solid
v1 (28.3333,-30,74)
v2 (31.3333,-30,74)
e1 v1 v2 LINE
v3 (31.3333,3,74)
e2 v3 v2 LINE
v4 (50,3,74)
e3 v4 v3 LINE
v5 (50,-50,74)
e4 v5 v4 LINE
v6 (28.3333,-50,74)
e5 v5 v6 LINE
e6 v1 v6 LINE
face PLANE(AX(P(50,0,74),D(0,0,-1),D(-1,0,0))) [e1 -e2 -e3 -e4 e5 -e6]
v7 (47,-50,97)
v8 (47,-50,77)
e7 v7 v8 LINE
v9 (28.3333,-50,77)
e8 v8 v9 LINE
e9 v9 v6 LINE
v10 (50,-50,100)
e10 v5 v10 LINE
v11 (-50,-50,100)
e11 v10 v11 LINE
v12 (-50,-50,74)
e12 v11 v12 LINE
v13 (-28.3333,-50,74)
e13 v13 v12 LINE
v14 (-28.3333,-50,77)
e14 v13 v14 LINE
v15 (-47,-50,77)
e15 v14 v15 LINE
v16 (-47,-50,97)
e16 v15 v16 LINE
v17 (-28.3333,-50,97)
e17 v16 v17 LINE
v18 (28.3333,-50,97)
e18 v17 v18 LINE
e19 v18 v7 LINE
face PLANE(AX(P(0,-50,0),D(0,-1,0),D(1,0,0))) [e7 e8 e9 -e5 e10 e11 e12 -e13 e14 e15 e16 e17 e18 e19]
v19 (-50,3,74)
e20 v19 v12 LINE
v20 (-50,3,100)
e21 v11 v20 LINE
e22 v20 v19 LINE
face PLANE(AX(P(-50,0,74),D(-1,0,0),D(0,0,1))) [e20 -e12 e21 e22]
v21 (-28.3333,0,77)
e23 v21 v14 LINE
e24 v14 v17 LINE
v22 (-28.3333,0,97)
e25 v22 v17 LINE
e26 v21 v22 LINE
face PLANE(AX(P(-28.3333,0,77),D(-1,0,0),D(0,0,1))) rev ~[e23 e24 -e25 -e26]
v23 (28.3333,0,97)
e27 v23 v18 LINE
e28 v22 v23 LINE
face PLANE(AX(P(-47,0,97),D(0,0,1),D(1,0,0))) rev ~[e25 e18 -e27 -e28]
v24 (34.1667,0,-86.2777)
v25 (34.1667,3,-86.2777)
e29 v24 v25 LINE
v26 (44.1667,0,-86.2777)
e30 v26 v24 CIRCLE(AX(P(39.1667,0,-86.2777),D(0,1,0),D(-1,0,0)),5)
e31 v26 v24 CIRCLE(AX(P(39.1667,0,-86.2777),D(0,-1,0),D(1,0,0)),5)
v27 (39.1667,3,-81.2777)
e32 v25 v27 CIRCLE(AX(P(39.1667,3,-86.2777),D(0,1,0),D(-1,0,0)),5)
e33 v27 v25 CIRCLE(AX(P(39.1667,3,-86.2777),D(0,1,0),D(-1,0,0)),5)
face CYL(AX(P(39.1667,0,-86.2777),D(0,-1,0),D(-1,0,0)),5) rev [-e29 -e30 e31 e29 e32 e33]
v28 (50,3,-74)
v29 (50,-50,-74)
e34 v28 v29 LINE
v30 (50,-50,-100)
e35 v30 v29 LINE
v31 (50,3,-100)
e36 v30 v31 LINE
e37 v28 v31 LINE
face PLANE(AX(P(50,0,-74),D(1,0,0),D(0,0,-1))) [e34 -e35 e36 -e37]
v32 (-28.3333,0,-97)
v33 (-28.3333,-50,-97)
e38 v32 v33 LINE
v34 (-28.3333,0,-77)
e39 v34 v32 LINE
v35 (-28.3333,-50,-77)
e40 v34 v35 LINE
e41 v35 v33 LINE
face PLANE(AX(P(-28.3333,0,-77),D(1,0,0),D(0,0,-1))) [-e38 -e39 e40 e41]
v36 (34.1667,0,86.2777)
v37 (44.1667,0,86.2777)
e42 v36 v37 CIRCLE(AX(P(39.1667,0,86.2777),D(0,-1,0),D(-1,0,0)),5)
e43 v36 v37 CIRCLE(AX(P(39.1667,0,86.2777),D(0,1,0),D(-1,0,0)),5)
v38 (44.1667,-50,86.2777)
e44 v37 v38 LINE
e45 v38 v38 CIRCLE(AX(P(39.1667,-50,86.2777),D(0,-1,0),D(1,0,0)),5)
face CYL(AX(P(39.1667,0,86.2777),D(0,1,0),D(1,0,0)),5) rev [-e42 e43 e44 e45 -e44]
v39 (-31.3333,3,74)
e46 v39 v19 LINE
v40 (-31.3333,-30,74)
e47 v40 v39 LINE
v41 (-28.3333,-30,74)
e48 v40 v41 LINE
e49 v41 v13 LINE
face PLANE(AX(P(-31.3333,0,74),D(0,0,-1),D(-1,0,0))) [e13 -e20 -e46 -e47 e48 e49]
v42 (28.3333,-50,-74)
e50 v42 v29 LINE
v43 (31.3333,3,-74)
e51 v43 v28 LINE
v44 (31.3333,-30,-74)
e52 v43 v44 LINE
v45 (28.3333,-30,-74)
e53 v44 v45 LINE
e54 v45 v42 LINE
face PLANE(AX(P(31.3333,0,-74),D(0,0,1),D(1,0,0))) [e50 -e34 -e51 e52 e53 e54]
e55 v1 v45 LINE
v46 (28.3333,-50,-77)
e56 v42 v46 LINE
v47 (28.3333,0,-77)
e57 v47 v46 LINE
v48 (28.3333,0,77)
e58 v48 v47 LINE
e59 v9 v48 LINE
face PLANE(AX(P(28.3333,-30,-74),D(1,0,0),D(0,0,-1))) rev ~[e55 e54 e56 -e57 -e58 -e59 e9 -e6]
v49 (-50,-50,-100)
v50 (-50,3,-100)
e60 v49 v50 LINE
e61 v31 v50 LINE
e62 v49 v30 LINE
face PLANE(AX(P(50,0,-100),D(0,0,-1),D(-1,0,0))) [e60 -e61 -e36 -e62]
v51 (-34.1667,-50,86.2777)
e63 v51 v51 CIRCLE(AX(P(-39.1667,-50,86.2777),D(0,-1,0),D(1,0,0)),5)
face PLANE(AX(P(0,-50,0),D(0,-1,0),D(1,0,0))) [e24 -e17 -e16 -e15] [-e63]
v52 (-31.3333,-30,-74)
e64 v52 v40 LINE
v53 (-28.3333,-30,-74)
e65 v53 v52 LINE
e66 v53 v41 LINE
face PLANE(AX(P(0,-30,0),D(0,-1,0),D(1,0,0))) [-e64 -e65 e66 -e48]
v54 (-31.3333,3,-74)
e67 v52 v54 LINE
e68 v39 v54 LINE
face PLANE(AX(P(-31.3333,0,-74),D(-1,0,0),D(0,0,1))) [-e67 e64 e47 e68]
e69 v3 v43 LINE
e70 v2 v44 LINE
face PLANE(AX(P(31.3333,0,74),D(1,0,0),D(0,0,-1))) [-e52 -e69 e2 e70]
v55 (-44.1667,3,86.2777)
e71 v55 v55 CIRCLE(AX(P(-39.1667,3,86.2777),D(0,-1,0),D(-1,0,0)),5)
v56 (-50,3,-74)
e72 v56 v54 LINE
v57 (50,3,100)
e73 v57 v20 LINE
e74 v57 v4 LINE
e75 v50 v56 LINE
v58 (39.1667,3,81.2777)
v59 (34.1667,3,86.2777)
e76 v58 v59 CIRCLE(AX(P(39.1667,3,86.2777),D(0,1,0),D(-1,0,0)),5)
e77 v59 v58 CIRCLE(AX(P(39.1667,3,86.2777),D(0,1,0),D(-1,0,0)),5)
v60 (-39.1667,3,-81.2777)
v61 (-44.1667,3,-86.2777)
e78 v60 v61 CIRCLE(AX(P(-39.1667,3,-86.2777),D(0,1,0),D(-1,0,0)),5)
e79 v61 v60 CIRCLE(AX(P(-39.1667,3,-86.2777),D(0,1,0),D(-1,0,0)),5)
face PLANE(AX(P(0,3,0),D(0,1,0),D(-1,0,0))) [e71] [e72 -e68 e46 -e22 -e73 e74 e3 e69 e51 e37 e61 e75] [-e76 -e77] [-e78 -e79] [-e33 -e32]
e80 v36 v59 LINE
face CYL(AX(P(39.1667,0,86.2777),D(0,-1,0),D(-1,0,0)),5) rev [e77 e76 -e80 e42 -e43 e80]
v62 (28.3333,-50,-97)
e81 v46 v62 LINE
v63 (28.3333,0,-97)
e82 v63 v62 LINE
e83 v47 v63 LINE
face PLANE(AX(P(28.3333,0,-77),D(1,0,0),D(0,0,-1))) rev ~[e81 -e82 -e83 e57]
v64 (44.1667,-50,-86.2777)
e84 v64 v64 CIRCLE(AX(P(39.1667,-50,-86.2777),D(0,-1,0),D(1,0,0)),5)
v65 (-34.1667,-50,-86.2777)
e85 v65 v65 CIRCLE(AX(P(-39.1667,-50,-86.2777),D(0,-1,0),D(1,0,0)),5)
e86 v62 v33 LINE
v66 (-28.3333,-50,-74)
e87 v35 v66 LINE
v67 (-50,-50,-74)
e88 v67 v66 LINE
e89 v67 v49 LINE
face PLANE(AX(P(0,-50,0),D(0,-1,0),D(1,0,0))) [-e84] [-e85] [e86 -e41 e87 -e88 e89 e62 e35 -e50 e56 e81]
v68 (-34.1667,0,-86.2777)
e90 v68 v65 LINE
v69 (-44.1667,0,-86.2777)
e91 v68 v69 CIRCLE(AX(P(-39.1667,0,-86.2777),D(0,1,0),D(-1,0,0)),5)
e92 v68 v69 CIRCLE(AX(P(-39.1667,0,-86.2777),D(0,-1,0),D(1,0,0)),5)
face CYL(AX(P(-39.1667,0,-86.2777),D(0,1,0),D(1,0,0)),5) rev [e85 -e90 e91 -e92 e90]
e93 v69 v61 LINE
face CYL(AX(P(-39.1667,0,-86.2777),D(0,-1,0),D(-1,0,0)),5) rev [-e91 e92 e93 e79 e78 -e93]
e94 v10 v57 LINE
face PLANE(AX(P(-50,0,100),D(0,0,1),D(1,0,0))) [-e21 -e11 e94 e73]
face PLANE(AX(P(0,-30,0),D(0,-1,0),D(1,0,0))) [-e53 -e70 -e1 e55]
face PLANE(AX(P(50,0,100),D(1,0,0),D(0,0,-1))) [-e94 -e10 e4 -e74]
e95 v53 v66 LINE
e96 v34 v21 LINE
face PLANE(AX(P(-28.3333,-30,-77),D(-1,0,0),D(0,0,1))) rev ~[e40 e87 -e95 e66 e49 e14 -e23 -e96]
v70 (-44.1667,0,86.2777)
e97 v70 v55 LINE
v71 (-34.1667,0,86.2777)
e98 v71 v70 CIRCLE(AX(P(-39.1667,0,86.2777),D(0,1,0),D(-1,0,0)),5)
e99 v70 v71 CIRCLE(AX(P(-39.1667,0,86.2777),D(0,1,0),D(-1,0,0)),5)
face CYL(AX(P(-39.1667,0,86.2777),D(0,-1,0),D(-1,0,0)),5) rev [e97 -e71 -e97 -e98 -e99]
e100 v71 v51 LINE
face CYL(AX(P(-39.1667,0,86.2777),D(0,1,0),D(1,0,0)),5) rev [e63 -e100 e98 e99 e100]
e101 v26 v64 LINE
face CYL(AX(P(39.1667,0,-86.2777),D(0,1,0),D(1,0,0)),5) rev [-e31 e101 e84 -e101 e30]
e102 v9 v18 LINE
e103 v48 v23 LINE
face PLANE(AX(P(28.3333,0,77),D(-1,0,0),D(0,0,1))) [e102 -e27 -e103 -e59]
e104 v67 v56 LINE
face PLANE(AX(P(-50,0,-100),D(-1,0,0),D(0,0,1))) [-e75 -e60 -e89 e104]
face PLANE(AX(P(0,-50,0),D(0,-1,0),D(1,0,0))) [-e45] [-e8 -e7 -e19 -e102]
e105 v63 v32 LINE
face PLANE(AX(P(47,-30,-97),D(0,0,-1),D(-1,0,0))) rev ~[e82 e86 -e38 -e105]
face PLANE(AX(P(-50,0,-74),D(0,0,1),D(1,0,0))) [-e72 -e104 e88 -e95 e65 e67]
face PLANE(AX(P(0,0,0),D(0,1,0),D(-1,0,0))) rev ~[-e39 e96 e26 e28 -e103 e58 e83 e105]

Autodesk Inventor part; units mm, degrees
ref_plane "YZ Plane" through (0, 0, 0) normal (1, 0, 0) x (0, 1, 0)
ref_plane "XZ Plane" through (0, 0, 0) normal (0, 1, 0) x (-1, 0, 0)
ref_plane "XY Plane" through (0, 0, 0) normal (0, 0, 1) x (1, 0, 0)
sketch "Sketch1" plane through (0, 0, 0) normal (0, 1, 0) x (-1, 0, 0)
  line L0 (50, 100) -> (-50, 100)
  line L1 (-50, 100) -> (-50, -100)
  line L2 (-50, -100) -> (50, -100)
  line L3 (50, -100) -> (50, 100)
  line L4 (50, 100) -> (-50, -100) construction
  line L5 (-50, 100) -> (50, -100) construction
  line L6 (-47, -97) -> (47, -97)
  line L7 (47, -97) -> (47, 97)
  line L8 (47, 97) -> (-47, 97)
  line L9 (-47, 97) -> (-47, -97)
  line L10 (-47, -97) -> (47, 97) construction
  line L11 (47, -97) -> (-47, 97) construction
  line L12 (50, 100) -> (50, 77)
  line L13 (50, 77) -> (-50, 77)
  line L14 (0, 0) -> (10.1877, 0)
  line L15 (50, -77) -> (-50, -77)
  line L16 (0, 0) -> (0, -5.3943)
  line L17 (0, 100) -> (0, -100)
  line L18 (47, 97) -> (31.3333, 97)
  circle A0 centre (39.1667, 86.2777) radius 5
  line L19 (39.1667, 86.2777) -> (47, 86.2777)
  line L20 (39.1667, 86.2777) -> (31.3333, 86.2777)
  line L21 (31.3333, 86.2777) -> (31.3333, 77)
  line L22 (31.3333, 97) -> (31.3333, 86.2777)
  line L23 (0, 0) -> (-10.1877, 0)
  circle A1 centre (-39.1667, 86.2777) radius 5
  line L24 (-31.3333, 86.2777) -> (-31.3333, 77)
  line L25 (-31.3333, 97) -> (-31.3333, 86.2777)
  circle A2 centre (39.1667, -86.2777) radius 5
  line L26 (31.3333, -86.2777) -> (31.3333, -77)
  line L27 (31.3333, -97) -> (31.3333, -86.2777)
  circle A3 centre (-39.1667, -86.2777) radius 5
  line L28 (-31.3333, -86.2777) -> (-31.3333, -77)
  line L29 (-31.3333, -97) -> (-31.3333, -86.2777)
  line L30 (-31.3333, 77) -> (-31.3333, -77)
  line L31 (31.3333, 77) -> (31.3333, -77)
  line L32 (39.1667, 86.2777) -> (39.1667, -86.2777)
  line L33 (-39.1667, 86.2777) -> (-39.1667, -86.2777)
  line L34 (50, 77) -> (50, 74)
  line L35 (50, 74) -> (31.3333, 74)
  line L36 (50, -77) -> (50, -74)
  line L37 (50, -74) -> (31.3333, -74)
  line L38 (-31.3333, 77) -> (-31.3333, 74)
  line L39 (-31.3333, 74) -> (-50, 74)
  line L40 (-50, -77) -> (-50, -74)
  line L41 (-50, -74) -> (-31.3333, -74)
  dimension "d0" = 100
  dimension "d1" = 200
  dimension "d2" = 94
  dimension "d3" = 194
  dimension "d4" = 23
  dimension "d6" = 10
  dimension "d7" = 7.8333
  dimension "d8" = 7.8333
  dimension "d11" = 3
  dimension "d12" = 3
  dimension "d13" = 3
  dimension "d14" = 3
extrude "Extrusion1" add sketch "Sketch1" along normal blind 3 contours L3 L13 L7 L8 L17 L0 | L17 L8 L9 L13 L1 L0 | L3 L35 L7 L13 | L17 L13 L24 L25 L8 | L8 L22 L21 L13 L17 | L13 L32 A0 L19 L7 | L7 L35 L32 L13 | L13 L9 L39 L1 | L8 L7 L19 A0 L20 L22 | L25 L24 L13 L9 L8 | L17 L16 L15 L30 L13 | L13 L31 L15 L17 L16 | L3 L15 L7 L37 | L32 L35 L31 L13 | L13 L21 L20 A0 L32 | L13 L33 L39 L9 | L30 L39 L33 L13 | L3 L2 L17 L6 L7 L15 | L7 L15 L32 L37 | L41 L9 L15 L1 | L7 L6 L27 L26 L15 | L32 L15 L31 L37 | L15 L9 L6 L17 L2 L1 | L41 L33 L15 L9 | L30 L15 L33 L41 | L17 L6 L29 L28 L15 | L15 L26 L27 L6 L17 | L15 L28 L29 L6 L9
sketch "Sketch2" plane through (0, 0, 0) normal (0, -1, 0) x (1, 0, 0)
  line L0 (50, -74) -> (50, -100) projected
  line L1 (31.3333, -74) -> (50, -74) projected
  line L2 (31.3333, 74) -> (31.3333, -74) projected
  line L3 (50, 74) -> (31.3333, 74) projected
  line L4 (50, 100) -> (50, 74) projected
  line L5 (-50, 100) -> (50, 100) projected
  line L6 (-50, 74) -> (-50, 100) projected
  line L7 (-31.3333, 74) -> (-50, 74) projected
  line L8 (-31.3333, -74) -> (-31.3333, 74) projected
  line L9 (-50, -74) -> (-31.3333, -74) projected
  line L10 (-50, -100) -> (-50, -74) projected
  line L11 (50, -100) -> (-50, -100) projected
  line L12 (28.3333, -77) -> (47, -77)
  line L13 (47, -77) -> (47, -97)
  line L14 (47, -97) -> (-47, -97)
  line L15 (-47, -97) -> (-47, -77)
  line L16 (-47, -77) -> (-28.3333, -77)
  line L17 (-28.3333, -77) -> (-28.3333, 77)
  line L18 (-28.3333, 77) -> (-47, 77)
  line L19 (-47, 77) -> (-47, 97)
  line L20 (-47, 97) -> (47, 97)
  line L21 (47, 97) -> (47, 77)
  line L22 (47, 77) -> (28.3333, 77)
  line L23 (28.3333, 77) -> (28.3333, -77)
  point P0 (0, 0)
  dimension "d15" = 3
extrude "Extrusion2" add sketch "Sketch2" along normal blind 30
sketch "Sketch3" plane through (0, -30, 0) normal (0, -1, 0) x (1, 0, 0)
  line L0 (31.3333, 74) -> (50, 74) projected
  line L1 (50, 74) -> (50, 100) projected
  line L2 (50, 100) -> (-50, 100) projected
  line L3 (-50, 100) -> (-50, 74) projected
  line L4 (-50, 74) -> (-31.3333, 74) projected
  line L5 (-31.3333, -74) -> (-50, -74) projected
  line L6 (-50, -74) -> (-50, -100) projected
  line L7 (-50, -100) -> (50, -100) projected
  line L8 (50, -100) -> (50, -74) projected
  line L9 (50, -74) -> (31.3333, -74) projected
  line L10 (28.3333, -77) -> (47, -77) projected
  line L11 (47, -77) -> (47, -97) projected
  line L12 (47, -97) -> (-47, -97) projected
  line L13 (-47, -97) -> (-47, -77) projected
  line L14 (-47, -77) -> (-28.3333, -77) projected
  line L15 (-28.3333, -77) -> (-28.3333, 77) projected
  line L16 (-28.3333, 77) -> (-47, 77) projected
  line L17 (-47, 77) -> (-47, 97) projected
  line L18 (-47, 97) -> (47, 97) projected
  line L19 (47, 97) -> (47, 77) projected
  line L20 (47, 77) -> (28.3333, 77) projected
  line L21 (28.3333, 77) -> (28.3333, -77) projected
  line L22 (31.3333, 74) -> (-50, 74)
  line L23 (31.3333, -74) -> (-50, -74)
  point P0 (0, 0)
  point P1 (28.3333, -74)
  point P2 (-28.3333, -74)
  point P3 (-28.3333, 74)
  point P4 (28.3333, 74)
extrude "Extrusion3" add sketch "Sketch3" along normal blind 20 contours L22 L21 L20 L19 L18 L17 L16 L15 L4 L3 L2 L1 L0 | L23 L9 L8 L7 L6 L5 L15 L14 L13 L12 L11 L10 L21
sketch "Sketch4" plane through (0, 0, 0) normal (0, -1, 0) x (1, 0, 0)
  line L0 (28.3333, 77) -> (47, 77) projected
  line L1 (47, 77) -> (47, 97) projected
  line L2 (47, 97) -> (-47, 97) projected
  line L3 (-47, 97) -> (-47, 77) projected
  line L4 (-47, 77) -> (-28.3333, 77) projected
  line L5 (-28.3333, -77) -> (-47, -77) projected
  line L6 (-47, -77) -> (-47, -97) projected
  line L7 (-47, -97) -> (47, -97) projected
  line L8 (47, -97) -> (47, -77) projected
  line L9 (47, -77) -> (28.3333, -77) projected
  circle A0 centre (39.1667, -86.2777) radius 5 projected
  circle A1 centre (39.1667, 86.2777) radius 5 projected
  circle A2 centre (-39.1667, -86.2777) radius 5 projected
  circle A3 centre (-39.1667, 86.2777) radius 5 projected
  line L10 (28.3333, 77) -> (28.3333, 97)
  line L11 (-28.3333, 77) -> (-28.3333, 97)
  line L12 (-28.3333, -77) -> (-28.3333, -97)
  line L13 (28.3333, -77) -> (28.3333, -97)
  point P0 (0, 0)
extrude "Extrusion4" add sketch "Sketch4" along normal up to surface (50 mm away)
properties part number "atas"
